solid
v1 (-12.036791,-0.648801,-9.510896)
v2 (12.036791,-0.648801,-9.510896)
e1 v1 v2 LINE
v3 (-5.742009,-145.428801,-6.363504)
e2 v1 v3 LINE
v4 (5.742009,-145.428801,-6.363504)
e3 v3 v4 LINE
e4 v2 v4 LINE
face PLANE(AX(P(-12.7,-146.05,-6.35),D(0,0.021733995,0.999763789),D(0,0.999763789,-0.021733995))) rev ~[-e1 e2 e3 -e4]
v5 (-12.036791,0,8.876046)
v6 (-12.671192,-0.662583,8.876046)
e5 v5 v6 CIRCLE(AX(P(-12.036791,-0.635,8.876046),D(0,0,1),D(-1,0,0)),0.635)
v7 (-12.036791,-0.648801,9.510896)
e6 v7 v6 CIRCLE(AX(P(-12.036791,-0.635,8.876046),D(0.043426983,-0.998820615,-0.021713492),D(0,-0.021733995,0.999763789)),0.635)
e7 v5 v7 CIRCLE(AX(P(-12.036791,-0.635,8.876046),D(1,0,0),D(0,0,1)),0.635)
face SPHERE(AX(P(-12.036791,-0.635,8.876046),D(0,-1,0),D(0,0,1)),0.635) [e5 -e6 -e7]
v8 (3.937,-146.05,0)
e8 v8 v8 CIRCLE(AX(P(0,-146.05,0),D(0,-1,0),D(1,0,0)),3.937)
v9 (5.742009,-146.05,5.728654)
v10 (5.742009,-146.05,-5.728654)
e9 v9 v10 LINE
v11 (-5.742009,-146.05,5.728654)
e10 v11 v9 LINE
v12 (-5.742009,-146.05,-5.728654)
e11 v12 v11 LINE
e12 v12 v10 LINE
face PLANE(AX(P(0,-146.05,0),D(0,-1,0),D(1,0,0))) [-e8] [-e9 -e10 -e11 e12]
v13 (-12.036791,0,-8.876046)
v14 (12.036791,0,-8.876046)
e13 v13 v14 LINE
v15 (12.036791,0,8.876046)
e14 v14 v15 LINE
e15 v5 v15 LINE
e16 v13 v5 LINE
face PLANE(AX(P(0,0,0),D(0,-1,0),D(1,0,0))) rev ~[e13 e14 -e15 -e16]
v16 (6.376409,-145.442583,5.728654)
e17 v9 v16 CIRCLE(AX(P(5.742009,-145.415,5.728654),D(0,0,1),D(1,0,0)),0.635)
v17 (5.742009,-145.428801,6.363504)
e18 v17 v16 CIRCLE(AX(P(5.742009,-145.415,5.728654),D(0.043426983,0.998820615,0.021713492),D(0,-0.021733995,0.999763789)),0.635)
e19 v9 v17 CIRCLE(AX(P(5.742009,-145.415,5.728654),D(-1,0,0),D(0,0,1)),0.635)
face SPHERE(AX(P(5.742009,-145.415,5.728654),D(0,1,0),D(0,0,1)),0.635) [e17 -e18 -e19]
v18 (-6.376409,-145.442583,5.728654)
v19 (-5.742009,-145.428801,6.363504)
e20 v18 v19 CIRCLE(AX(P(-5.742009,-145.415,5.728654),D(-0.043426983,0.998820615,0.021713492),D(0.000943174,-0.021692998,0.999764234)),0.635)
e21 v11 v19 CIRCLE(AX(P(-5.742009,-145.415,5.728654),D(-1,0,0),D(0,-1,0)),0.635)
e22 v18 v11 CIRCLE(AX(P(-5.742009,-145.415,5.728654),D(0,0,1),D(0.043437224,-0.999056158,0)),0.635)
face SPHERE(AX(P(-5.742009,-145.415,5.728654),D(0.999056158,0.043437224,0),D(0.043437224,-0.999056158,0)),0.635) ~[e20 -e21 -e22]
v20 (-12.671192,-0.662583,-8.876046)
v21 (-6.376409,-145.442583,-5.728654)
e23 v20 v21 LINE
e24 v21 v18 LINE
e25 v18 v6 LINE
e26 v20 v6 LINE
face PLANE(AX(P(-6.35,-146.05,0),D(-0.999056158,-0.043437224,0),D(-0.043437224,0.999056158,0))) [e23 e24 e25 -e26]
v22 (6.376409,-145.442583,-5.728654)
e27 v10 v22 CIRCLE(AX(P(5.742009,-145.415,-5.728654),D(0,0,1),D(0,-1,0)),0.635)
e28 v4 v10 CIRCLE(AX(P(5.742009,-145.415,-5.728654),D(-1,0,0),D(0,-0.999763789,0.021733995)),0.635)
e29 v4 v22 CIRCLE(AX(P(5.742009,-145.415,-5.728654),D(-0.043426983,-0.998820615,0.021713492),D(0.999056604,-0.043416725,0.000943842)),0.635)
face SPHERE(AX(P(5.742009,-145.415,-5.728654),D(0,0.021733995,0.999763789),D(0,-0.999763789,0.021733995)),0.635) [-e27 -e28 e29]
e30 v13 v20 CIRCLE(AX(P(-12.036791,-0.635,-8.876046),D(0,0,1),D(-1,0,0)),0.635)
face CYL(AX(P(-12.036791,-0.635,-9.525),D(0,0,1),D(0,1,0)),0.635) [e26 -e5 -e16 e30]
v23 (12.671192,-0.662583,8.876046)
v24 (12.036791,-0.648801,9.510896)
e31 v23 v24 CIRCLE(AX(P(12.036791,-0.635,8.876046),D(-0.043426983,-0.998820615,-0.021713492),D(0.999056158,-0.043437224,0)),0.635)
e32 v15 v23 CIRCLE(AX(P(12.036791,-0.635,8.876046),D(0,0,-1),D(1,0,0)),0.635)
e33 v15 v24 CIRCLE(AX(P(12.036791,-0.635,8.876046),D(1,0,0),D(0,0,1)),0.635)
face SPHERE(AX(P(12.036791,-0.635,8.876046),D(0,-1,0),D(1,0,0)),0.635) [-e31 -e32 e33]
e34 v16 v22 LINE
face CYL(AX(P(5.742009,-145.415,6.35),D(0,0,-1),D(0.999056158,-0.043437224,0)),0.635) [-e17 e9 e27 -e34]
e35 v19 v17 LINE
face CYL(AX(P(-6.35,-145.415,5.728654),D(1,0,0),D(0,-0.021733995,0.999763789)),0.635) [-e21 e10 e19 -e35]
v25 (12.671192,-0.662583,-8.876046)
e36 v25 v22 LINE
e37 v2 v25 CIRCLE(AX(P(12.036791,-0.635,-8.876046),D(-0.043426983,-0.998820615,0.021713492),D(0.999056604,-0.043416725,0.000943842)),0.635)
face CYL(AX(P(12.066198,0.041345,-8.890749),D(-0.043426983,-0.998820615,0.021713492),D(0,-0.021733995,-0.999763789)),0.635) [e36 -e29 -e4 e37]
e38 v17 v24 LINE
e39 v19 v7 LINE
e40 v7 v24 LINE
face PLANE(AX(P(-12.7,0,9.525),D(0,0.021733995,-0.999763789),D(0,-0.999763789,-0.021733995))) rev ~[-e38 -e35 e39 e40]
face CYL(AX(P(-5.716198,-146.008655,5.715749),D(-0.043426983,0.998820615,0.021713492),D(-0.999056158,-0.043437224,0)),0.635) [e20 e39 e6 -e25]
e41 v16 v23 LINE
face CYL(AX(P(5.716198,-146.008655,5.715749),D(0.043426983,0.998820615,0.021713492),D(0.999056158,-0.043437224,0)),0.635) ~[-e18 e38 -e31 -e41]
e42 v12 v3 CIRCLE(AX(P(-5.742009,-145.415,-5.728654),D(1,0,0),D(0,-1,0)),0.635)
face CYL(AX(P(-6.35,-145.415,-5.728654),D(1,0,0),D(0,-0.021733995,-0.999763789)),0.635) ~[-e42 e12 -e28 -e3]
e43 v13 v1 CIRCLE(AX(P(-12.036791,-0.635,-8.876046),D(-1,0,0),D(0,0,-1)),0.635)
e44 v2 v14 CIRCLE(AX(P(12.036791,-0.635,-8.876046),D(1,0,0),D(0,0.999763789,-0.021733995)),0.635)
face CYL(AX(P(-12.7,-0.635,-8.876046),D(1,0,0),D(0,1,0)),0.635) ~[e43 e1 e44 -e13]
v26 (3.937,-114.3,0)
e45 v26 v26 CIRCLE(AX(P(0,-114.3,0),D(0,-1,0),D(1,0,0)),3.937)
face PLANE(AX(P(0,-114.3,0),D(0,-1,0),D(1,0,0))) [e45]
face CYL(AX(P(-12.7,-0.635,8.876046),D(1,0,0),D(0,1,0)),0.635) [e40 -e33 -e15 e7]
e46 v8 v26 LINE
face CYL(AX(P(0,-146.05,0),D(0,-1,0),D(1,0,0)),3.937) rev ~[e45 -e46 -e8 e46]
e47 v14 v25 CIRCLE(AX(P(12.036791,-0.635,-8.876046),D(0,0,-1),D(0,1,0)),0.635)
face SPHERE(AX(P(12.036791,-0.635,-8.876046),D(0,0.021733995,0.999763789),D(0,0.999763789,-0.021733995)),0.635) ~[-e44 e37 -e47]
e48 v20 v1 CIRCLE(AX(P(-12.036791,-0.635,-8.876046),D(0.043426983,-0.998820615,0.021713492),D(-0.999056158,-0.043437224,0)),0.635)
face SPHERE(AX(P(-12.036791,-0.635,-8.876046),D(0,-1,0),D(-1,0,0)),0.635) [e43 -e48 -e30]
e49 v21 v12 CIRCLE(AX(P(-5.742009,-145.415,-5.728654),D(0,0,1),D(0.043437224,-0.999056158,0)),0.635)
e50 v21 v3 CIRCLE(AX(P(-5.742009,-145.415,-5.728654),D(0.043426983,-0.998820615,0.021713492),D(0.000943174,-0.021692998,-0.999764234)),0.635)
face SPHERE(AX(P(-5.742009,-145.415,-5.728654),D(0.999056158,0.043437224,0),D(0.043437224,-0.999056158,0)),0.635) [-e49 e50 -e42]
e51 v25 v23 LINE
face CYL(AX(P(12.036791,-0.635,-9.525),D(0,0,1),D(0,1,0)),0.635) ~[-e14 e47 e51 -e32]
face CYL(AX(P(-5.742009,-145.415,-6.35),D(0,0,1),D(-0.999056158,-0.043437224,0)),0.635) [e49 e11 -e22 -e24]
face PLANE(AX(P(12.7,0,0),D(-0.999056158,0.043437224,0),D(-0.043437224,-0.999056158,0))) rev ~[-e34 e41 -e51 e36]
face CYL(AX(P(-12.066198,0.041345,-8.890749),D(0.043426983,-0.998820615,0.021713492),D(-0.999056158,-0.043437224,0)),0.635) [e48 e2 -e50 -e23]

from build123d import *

# Parameters (mm, degrees)
F0_W      = 25.4
F0_H      = 19.05
F1_DEPTH  = 146.05
F4_DEPTH  = 25.4
F6_DEPTH  = 25.4
F8_DEPTH  = 12.7
F9_R      = 0.635
F10_R     = 3.937
F11_DEPTH = 31.75


with BuildPart() as f1:
    # F0 (on Front) → F1 (new body)
    with BuildSketch(Plane.XZ):
        Rectangle(F0_W, F0_H)
    extrude(amount=F1_DEPTH)

    # F3 (on face) → F4 (cut)
    with BuildSketch(Plane(origin=(-12.7, 0, 0), x_dir=(0, -1, 0), z_dir=(-1, 0, 0))):
        Polygon((146.05, 9.525), (0, 9.525), (146.05, 6.35), align=None)
    extrude(amount=-F4_DEPTH, mode=Mode.SUBTRACT)

    # F5 (on face) → F6 (cut)
    with BuildSketch(Plane(origin=(-12.7, 0, 0), x_dir=(0, -1, 0), z_dir=(-1, 0, 0))):
        Polygon((146.05, -6.35), (0, -9.525), (146.05, -9.525), align=None)
    extrude(amount=-F6_DEPTH, mode=Mode.SUBTRACT)

    # F7 (on Top) → F8 (cut, symmetric)
    with BuildSketch(Plane.XY):
        Polygon((-12.7, -146.05), (-6.35, -146.05), (-12.7, 0), align=None)
        Polygon((6.35, -146.05), (12.7, -146.05), (12.7, 0), align=None)
    extrude(amount=F8_DEPTH, both=True, mode=Mode.SUBTRACT)

    # F9
    f9_edges = [f1.edges().sort_by_distance(p)[0] for p in [
        (9.525, -73.025, 7.9375),
        (0, -146.05, 6.35),
        (6.35, -146.05, 0),
        (0, -146.05, -6.35),
        (-6.35, -146.05, 0),
        (-9.525, -73.025, 7.9375),
        (-9.525, -73.025, -7.9375),
        (12.7, 0, 0),
        (0, 0, 9.525),
        (-12.7, 0, 0),
        (0, 0, -9.525),
        (9.525, -73.025, -7.9375),
    ]]
    fillet(f9_edges, radius=F9_R)

    # F10 (on face) → F11 (cut)
    with BuildSketch(Plane.XZ.offset(146.05)):
        Circle(F10_R)
    extrude(amount=-F11_DEPTH, mode=Mode.SUBTRACT)


solid = f1.part
